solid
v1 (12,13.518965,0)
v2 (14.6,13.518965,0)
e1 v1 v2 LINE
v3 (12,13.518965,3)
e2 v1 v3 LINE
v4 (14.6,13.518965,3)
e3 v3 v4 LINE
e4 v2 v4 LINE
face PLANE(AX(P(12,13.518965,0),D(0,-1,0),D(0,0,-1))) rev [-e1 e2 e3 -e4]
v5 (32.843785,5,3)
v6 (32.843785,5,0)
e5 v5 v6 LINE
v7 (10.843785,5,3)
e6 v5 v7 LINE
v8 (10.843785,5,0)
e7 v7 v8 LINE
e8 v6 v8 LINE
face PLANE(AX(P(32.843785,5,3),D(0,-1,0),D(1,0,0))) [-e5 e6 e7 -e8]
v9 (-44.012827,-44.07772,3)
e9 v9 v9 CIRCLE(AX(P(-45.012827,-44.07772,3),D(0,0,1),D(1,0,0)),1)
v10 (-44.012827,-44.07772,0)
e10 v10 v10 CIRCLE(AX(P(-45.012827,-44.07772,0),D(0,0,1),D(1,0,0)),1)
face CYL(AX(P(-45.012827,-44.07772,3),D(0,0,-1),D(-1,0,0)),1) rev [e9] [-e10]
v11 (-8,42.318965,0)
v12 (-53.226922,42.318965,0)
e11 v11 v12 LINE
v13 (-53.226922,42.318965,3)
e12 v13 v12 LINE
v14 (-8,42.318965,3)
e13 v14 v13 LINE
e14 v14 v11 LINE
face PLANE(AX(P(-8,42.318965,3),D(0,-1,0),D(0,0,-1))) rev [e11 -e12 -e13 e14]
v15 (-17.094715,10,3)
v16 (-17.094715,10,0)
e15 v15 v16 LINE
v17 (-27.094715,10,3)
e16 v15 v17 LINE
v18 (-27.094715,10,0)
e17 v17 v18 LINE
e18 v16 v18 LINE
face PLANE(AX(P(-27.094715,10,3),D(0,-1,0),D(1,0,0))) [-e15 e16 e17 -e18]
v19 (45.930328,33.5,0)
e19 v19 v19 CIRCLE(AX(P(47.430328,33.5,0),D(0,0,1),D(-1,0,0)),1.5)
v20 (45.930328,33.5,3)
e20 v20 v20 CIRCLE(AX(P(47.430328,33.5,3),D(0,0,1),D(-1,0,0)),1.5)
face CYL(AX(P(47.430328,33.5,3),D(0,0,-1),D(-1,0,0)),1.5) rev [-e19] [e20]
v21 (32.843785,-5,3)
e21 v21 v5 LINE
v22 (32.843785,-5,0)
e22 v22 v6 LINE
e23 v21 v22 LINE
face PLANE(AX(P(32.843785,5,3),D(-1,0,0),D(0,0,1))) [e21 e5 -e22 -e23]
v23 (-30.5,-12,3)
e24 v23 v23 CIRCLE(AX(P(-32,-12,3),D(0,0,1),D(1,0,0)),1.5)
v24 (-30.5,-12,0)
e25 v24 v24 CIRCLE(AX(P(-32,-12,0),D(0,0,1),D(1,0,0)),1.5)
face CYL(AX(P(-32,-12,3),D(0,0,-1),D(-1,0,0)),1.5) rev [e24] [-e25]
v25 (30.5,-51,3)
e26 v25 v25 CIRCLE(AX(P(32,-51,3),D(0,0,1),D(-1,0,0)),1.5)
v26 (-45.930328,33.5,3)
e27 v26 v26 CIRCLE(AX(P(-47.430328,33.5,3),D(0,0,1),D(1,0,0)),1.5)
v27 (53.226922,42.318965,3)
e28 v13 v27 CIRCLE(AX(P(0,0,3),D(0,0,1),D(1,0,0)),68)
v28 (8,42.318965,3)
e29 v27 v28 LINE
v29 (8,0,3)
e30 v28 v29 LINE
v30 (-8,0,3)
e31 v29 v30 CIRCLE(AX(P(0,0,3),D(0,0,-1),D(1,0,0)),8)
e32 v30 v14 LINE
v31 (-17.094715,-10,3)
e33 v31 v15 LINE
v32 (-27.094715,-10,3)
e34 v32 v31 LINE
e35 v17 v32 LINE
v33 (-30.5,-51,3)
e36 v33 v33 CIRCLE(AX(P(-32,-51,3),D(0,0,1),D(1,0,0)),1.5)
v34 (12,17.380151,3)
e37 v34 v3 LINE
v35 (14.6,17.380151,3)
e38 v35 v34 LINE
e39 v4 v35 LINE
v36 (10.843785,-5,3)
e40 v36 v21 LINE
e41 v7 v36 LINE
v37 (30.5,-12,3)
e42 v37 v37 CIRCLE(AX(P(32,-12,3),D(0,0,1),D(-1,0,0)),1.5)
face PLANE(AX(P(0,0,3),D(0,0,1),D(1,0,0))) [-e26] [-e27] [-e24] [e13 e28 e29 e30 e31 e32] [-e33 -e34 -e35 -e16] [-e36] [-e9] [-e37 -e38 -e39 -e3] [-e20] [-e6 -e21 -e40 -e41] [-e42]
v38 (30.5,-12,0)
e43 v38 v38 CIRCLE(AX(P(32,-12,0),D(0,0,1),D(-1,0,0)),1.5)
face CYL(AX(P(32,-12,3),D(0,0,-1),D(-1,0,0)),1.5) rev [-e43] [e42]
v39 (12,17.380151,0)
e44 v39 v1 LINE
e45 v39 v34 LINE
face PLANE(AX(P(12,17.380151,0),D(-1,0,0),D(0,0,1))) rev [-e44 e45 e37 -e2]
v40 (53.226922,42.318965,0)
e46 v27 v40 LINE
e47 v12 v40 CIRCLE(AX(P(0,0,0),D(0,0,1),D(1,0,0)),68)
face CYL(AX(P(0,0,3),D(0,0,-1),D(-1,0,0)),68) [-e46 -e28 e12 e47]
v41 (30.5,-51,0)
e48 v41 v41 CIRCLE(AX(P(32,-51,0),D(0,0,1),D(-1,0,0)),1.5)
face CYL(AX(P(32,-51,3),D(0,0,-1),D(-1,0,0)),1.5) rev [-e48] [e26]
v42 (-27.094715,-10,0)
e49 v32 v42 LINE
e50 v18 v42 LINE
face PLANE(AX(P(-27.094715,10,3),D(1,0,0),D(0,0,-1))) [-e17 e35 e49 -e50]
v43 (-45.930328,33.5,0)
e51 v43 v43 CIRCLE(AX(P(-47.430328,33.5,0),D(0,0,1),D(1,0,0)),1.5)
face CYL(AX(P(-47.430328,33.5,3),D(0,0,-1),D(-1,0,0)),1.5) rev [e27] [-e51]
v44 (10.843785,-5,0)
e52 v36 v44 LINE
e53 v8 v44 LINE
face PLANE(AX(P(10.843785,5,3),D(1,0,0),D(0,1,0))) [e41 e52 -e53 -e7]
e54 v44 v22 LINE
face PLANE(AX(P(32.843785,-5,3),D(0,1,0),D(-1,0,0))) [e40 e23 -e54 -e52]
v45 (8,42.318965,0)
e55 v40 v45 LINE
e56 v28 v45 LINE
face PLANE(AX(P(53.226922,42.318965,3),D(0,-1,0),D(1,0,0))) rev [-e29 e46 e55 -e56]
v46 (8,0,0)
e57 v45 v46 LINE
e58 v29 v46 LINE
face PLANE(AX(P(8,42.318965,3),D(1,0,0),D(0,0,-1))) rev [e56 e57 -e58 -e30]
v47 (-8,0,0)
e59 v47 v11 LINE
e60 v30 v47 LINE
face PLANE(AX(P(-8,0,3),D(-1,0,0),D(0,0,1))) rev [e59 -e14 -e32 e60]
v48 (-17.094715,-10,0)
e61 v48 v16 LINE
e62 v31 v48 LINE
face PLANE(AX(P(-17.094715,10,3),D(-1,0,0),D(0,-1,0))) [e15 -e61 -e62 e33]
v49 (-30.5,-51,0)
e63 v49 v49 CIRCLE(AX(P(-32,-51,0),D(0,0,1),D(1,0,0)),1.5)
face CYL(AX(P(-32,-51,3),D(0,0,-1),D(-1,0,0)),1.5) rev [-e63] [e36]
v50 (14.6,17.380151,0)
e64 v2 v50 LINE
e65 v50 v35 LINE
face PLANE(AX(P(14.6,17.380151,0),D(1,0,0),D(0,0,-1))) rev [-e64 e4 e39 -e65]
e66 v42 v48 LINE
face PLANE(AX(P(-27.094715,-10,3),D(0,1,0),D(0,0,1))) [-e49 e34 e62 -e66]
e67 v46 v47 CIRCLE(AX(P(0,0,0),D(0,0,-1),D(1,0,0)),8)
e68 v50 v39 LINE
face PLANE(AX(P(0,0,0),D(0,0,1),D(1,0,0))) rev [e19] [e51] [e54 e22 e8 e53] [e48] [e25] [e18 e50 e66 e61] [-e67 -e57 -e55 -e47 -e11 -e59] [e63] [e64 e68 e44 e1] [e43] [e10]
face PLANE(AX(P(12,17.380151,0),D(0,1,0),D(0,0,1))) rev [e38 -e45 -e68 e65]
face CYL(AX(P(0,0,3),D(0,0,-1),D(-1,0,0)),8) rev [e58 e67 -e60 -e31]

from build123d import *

# Parameters (mm, degrees)
SKETCH1_R           = 1.5
SKETCH1_R_2         = 1
SKETCH1_W           = 22
SKETCH1_H           = 10
SKETCH1_W_2         = 10
SKETCH1_H_2         = 20
BOSS_EXTRUDE2_DEPTH = 3
SKETCH2_W           = 2.6
SKETCH2_H           = 3.861185889
CUT_EXTRUDE1_DEPTH  = 3


with BuildPart() as part:
    # Sketch1 → Boss-Extrude2 (new body)
    with BuildSketch(Plane.XY):
        with BuildLine():
            Line((53.226921663, 42.318965137), (8, 42.318965137))
            Line((8, 42.318965137), (8, 0))
            ThreePointArc((8, 0), (0, -8), (-8, 0))
            Line((-8, 0), (-8, 42.318965137))
            Line((-8, 42.318965137), (-53.226921663, 42.318965137))
            ThreePointArc((-53.226921663, 42.318965137), (0, -68), (53.226921663, 42.318965137))
        make_face()
        with Locations((47.430328075, 33.5)):
            Circle(SKETCH1_R, mode=Mode.SUBTRACT)
        with Locations((-47.430328075, 33.5)):
            Circle(SKETCH1_R, mode=Mode.SUBTRACT)
        with Locations((-45.012826675, -44.077720389)):
            Circle(SKETCH1_R_2, mode=Mode.SUBTRACT)
        with Locations((-32, -12)):
            Circle(SKETCH1_R, mode=Mode.SUBTRACT)
        with Locations((-32, -51)):
            Circle(SKETCH1_R, mode=Mode.SUBTRACT)
        with Locations((32, -51)):
            Circle(SKETCH1_R, mode=Mode.SUBTRACT)
        with Locations((32, -12)):
            Circle(SKETCH1_R, mode=Mode.SUBTRACT)
        with Locations((21.843785427, 0)):
            Rectangle(SKETCH1_W, SKETCH1_H, mode=Mode.SUBTRACT)
        with Locations((-22.094715098, 0)):
            Rectangle(SKETCH1_W_2, SKETCH1_H_2, mode=Mode.SUBTRACT)
    extrude(amount=BOSS_EXTRUDE2_DEPTH)

    # Sketch2 → Cut-Extrude1 (cut)
    with BuildSketch(Plane.XY.offset(3)):
        with Locations((13.3, 15.449558082)):
            Rectangle(SKETCH2_W, SKETCH2_H)
    extrude(amount=-CUT_EXTRUDE1_DEPTH, mode=Mode.SUBTRACT)


solid = part.part
